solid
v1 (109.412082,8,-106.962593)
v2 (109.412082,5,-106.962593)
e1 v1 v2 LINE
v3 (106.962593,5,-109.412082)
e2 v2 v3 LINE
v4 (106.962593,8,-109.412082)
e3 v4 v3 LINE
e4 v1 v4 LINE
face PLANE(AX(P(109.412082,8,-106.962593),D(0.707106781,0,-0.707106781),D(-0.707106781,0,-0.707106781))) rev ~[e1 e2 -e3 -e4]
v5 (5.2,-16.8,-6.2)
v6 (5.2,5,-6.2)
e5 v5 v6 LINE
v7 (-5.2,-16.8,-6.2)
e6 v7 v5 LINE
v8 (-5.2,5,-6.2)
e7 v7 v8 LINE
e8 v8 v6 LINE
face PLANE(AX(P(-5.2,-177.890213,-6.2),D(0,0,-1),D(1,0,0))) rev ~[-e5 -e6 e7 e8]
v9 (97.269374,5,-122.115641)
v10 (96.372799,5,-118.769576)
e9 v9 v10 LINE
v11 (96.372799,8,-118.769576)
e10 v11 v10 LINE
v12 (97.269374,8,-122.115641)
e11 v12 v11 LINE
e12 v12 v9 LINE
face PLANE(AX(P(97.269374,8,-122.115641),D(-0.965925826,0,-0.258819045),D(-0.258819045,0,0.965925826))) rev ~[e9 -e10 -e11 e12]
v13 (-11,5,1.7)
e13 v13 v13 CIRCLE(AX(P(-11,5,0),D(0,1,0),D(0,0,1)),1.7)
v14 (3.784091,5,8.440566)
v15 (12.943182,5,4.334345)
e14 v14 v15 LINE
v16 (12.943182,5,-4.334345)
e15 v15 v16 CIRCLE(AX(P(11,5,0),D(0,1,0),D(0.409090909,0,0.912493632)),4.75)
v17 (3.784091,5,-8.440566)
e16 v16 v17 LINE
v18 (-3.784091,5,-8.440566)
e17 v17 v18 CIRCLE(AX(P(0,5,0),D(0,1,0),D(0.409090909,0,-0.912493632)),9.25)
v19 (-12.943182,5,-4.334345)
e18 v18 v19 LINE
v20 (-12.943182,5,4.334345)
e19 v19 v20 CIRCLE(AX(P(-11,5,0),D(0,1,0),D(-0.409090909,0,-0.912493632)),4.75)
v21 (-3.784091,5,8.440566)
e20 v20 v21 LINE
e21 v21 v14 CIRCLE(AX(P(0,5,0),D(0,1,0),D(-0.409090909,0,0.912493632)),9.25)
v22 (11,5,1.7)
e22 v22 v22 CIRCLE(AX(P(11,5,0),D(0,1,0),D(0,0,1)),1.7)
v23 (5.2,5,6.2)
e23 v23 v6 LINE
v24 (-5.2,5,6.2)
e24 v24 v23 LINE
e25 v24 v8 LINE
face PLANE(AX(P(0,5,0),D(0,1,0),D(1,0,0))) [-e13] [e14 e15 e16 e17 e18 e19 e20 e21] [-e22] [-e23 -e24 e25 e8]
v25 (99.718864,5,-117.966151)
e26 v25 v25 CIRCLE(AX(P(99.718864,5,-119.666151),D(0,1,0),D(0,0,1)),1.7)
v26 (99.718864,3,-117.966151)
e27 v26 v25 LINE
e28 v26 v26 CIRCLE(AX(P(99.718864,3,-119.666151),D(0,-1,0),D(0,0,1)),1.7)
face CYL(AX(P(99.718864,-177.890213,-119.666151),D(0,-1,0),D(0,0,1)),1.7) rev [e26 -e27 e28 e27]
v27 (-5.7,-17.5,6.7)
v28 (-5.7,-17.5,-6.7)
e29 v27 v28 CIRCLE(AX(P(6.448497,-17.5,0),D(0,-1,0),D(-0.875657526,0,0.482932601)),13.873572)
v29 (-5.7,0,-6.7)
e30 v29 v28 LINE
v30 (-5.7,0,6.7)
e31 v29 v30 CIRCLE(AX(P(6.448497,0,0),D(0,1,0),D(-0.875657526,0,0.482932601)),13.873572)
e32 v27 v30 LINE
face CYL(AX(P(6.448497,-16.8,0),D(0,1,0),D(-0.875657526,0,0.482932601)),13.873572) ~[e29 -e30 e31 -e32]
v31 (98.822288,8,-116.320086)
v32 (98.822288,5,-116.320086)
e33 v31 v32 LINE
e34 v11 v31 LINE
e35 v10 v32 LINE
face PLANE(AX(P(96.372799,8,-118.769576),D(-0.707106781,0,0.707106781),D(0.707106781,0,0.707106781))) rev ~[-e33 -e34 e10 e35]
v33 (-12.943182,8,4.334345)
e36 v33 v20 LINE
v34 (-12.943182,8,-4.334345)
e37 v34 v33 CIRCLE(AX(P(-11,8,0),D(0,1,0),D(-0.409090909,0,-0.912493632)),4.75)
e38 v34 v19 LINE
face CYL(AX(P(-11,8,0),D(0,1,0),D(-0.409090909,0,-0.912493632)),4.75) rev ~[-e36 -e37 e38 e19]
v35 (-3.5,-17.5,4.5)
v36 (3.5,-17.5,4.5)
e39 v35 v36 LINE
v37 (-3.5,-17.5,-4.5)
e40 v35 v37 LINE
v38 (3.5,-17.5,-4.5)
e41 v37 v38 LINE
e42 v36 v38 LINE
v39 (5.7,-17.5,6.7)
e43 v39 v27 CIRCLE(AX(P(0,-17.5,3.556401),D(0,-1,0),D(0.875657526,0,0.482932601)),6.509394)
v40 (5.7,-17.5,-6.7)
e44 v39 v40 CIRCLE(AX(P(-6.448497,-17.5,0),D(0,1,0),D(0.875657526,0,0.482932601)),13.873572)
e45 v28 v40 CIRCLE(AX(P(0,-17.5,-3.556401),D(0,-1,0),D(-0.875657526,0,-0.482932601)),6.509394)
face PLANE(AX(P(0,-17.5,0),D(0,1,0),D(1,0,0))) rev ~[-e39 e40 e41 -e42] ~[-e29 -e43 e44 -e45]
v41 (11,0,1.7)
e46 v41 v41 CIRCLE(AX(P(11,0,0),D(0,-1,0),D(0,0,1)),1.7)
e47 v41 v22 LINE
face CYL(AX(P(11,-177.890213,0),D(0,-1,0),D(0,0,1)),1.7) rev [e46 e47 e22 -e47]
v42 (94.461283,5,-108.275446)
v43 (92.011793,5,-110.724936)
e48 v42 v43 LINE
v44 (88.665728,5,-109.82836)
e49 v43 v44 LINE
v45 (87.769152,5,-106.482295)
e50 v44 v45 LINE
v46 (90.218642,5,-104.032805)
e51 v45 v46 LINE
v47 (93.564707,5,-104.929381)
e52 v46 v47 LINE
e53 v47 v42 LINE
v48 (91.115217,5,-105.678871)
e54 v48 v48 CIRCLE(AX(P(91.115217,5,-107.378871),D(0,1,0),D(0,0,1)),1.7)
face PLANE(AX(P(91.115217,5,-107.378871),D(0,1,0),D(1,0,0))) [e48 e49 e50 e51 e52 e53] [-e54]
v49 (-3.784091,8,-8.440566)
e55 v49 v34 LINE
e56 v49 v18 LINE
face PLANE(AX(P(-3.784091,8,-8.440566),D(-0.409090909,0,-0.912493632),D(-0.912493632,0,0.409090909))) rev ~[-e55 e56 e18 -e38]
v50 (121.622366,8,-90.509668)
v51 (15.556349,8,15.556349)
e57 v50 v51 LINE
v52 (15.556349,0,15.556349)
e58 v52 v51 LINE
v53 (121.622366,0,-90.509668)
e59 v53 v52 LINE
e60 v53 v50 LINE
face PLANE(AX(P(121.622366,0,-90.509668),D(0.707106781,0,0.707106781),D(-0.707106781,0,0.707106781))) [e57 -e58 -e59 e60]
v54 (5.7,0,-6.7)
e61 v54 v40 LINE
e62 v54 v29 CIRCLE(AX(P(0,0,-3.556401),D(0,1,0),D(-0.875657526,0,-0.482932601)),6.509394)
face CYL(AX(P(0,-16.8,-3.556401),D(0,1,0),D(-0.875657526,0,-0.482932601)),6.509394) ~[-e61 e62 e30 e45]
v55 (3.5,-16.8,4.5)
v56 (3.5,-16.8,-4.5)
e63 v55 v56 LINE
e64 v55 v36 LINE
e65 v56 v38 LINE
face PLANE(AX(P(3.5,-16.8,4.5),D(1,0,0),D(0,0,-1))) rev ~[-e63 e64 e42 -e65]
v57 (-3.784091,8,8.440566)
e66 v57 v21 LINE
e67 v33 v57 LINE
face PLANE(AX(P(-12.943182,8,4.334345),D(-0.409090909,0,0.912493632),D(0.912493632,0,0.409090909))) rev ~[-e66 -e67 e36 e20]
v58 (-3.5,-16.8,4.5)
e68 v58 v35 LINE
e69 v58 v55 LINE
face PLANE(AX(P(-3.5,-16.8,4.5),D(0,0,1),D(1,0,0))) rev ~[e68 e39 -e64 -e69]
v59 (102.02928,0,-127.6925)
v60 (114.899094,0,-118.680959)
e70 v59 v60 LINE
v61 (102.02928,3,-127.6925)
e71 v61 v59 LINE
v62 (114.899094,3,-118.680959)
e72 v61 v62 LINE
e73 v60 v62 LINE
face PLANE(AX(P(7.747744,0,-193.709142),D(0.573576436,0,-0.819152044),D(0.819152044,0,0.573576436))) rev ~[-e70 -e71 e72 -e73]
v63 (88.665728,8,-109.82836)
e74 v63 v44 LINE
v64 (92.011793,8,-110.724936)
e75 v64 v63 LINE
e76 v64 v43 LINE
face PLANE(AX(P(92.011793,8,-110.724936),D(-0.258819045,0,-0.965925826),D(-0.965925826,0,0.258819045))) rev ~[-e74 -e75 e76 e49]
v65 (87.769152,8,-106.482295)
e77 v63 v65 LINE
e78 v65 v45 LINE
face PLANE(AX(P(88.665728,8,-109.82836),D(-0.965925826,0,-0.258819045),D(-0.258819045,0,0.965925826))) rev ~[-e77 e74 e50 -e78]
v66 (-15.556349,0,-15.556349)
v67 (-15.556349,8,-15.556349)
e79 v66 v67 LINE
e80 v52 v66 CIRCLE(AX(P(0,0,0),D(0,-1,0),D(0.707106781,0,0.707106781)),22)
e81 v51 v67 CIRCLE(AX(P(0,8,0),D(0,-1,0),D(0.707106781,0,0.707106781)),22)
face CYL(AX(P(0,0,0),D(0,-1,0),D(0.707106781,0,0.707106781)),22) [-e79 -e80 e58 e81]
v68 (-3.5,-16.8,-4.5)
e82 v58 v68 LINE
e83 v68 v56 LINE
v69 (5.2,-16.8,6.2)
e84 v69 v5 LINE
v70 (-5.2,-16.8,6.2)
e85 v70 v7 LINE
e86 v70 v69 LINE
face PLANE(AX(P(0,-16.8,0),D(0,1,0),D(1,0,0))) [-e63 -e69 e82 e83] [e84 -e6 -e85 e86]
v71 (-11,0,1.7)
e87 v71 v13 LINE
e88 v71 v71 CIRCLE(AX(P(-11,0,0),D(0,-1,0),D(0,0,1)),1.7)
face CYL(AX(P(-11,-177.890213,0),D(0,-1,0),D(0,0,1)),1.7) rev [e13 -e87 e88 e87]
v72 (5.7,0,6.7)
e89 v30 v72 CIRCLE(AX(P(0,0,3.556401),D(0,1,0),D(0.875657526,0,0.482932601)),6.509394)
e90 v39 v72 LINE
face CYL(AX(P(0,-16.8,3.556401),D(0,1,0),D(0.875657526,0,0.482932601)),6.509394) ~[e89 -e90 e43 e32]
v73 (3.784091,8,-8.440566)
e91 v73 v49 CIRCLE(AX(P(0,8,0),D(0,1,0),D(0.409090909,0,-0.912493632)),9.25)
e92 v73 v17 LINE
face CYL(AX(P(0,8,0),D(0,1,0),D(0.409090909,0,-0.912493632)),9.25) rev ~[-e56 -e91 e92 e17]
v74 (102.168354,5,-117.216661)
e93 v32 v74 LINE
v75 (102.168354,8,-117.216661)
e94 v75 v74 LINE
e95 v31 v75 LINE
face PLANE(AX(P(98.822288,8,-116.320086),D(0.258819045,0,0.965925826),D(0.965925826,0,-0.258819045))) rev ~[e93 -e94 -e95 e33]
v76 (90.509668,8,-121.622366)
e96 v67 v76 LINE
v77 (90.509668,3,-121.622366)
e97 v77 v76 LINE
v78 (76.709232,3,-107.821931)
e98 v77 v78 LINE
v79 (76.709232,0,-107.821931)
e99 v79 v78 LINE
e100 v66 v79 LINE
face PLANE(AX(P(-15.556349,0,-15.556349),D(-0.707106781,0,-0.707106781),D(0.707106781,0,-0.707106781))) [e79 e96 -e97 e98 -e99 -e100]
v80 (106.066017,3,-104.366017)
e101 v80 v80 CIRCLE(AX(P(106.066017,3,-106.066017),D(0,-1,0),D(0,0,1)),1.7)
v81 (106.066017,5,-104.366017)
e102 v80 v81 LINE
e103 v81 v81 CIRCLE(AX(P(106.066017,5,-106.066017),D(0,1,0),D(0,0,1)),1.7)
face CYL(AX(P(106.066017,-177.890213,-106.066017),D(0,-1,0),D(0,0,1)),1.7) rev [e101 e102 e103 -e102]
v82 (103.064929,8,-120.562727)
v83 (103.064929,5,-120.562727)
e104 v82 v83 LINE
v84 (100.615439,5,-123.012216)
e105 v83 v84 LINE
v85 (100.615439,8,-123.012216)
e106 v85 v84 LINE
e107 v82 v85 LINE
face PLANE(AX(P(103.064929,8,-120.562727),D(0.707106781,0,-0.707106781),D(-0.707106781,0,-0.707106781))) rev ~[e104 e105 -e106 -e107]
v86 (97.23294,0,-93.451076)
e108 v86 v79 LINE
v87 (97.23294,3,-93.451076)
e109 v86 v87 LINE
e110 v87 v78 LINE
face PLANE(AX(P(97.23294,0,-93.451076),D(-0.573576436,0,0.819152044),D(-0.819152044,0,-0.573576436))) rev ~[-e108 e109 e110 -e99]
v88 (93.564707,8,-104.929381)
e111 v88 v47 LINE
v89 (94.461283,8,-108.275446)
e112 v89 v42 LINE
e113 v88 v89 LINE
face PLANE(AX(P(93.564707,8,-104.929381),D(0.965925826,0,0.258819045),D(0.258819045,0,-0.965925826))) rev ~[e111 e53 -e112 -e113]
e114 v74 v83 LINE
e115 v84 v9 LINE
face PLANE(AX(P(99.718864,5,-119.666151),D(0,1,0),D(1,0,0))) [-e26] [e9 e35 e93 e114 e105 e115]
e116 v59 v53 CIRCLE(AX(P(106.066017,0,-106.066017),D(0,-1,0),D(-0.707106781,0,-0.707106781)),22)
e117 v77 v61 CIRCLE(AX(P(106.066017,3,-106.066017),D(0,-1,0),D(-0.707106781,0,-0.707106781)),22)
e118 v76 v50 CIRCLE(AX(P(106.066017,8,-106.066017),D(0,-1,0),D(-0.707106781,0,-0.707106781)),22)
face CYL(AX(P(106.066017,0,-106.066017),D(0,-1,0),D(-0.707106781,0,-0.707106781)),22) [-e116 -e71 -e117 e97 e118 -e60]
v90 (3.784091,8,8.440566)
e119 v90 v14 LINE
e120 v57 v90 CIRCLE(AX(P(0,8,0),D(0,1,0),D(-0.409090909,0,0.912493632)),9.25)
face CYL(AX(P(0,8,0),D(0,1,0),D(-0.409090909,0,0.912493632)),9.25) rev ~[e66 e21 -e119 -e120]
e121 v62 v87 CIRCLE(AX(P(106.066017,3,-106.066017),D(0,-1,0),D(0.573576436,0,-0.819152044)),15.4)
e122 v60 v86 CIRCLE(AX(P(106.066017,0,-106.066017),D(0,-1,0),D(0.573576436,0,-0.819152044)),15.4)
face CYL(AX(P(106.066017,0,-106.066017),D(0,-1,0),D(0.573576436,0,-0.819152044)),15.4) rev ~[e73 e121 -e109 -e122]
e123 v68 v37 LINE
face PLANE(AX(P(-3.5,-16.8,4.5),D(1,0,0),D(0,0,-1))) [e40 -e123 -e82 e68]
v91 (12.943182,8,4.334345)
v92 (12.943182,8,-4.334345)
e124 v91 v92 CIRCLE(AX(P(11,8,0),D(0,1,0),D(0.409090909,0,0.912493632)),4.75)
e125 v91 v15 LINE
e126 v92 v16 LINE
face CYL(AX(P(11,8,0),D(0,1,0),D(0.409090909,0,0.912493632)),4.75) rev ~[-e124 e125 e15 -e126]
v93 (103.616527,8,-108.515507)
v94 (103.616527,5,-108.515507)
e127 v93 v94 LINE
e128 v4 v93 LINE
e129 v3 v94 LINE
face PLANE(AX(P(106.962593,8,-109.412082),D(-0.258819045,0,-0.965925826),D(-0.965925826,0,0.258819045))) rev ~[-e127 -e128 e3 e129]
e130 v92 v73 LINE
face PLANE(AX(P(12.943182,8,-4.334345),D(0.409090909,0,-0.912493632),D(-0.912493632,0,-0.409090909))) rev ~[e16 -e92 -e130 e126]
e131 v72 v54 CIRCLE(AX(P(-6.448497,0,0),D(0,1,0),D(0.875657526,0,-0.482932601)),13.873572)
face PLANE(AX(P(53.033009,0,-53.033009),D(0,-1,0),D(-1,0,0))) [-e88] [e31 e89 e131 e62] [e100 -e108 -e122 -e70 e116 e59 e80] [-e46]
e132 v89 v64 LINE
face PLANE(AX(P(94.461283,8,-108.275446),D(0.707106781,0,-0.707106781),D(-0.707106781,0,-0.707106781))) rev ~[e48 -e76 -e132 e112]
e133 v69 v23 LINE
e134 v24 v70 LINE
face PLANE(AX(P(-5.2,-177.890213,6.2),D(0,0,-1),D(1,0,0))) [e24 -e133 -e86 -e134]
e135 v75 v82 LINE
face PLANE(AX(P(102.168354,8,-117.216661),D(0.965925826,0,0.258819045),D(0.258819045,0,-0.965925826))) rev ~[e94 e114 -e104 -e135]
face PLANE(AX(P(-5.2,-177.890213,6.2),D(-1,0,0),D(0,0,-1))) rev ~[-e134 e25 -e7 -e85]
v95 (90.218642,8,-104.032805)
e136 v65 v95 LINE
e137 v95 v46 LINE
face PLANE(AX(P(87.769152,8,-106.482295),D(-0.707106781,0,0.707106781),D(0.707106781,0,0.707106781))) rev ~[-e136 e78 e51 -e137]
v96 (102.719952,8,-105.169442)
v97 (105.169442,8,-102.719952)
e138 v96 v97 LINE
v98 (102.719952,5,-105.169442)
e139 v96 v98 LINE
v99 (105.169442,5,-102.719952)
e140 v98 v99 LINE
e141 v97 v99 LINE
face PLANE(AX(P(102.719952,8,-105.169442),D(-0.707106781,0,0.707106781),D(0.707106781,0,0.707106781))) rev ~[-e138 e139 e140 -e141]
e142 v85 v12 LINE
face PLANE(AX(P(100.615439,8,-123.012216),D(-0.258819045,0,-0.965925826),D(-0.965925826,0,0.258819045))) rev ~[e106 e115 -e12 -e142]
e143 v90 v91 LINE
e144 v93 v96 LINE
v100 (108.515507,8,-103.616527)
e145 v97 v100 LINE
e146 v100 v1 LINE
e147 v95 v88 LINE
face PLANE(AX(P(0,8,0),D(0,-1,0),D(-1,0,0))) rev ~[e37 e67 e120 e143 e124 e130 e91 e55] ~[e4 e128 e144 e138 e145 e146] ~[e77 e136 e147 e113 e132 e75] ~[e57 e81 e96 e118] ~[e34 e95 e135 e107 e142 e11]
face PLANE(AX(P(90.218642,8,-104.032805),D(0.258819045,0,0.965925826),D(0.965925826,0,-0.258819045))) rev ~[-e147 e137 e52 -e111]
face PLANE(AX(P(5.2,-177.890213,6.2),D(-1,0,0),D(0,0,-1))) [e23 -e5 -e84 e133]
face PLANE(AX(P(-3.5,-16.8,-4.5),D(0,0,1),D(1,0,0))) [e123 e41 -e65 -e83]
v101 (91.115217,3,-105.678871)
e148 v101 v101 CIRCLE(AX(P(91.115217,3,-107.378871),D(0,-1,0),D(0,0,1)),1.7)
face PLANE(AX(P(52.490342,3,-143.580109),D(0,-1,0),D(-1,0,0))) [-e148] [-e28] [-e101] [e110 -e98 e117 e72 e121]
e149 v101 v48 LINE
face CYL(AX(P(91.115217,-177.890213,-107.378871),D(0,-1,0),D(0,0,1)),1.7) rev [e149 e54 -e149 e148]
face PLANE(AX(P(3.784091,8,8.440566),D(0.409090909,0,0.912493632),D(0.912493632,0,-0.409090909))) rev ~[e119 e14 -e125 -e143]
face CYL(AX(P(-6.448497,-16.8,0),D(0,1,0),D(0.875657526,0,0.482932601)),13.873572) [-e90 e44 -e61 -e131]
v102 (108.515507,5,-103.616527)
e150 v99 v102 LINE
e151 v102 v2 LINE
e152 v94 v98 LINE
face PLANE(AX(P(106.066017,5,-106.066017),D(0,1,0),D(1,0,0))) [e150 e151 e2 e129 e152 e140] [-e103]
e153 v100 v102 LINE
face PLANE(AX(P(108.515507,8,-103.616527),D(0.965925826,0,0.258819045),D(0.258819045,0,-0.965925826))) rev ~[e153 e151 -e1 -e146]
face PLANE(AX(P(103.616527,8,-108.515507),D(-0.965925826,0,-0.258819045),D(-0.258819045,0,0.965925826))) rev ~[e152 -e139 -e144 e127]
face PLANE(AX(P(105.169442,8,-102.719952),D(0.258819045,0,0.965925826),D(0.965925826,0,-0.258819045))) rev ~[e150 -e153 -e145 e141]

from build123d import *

# Parameters (mm, degrees)
BOSS_EXTRUDE1_DEPTH     = 8
BOSS_EXTRUDE2_START     = 8
SKETCH1_4_W             = 10.4
SKETCH1_4_H             = 12.4
BOSS_EXTRUDE2_DEPTH     = 24.8
CUT_EXTRUDE3_DEPTH      = 177.890212798
CUT_EXTRUDE3_DEPTH_BACK = 182.890212798
CUT_EXTRUDE3_START      = 5
SKETCH1_6_W             = 10.4
SKETCH1_6_H             = 12.4
SKETCH1_6_R             = 1.7
BOSS_EXTRUDE3_START     = -16.8
SKETCH1_10_W            = 11.4
SKETCH1_10_H            = 13.4
SKETCH1_10_W_2          = 10.4
SKETCH1_10_H_2          = 12.4
SKETCH1_10_W_3          = 7
SKETCH1_10_H_3          = 9
BOSS_EXTRUDE3_DEPTH     = 0.7
SKETCH2_R               = 1.7
SKETCH2_W               = 10.4
SKETCH2_H               = 12.4
CUT_EXTRUDE7_DEPTH      = 3
CUT_EXTRUDE5_START      = 8
SKETCH1_8_R             = 1.7
CUT_EXTRUDE5_DEPTH      = 3
CUT_EXTRUDE6_DEPTH      = 3


with BuildPart() as part:
    # Sketch1 → Boss-Extrude1 (new body)
    with BuildSketch(Plane(origin=(0, 0, 0), x_dir=(1, 0, 0), z_dir=(0, 1, 0))):
        with BuildLine():
            Line((-15.556349186, 15.556349186), (90.509667992, 121.622366364))
            ThreePointArc((90.509667992, 121.622366364), (121.622366364, 121.622366364), (121.622366364, 90.509667992))
            Line((121.622366364, 90.509667992), (15.556349186, -15.556349186))
            ThreePointArc((15.556349186, -15.556349186), (-15.556349186, -15.556349186), (-15.556349186, 15.556349186))
        make_face()
    extrude(amount=BOSS_EXTRUDE1_DEPTH)

    # Sketch1<4> → Boss-Extrude2 (add)
    with BuildSketch(Plane(origin=(0, 0, 0), x_dir=(1, 0, 0), z_dir=(0, 1, 0)).offset(BOSS_EXTRUDE2_START)):
        with BuildLine():
            ThreePointArc((-5.7, 6.7), (0, 10.065795515), (5.7, 6.7))
            ThreePointArc((5.7, 6.7), (7.425074212, 0), (5.7, -6.7))
            ThreePointArc((5.7, -6.7), (0, -10.065795515), (-5.7, -6.7))
            ThreePointArc((-5.7, -6.7), (-7.425074212, 0), (-5.7, 6.7))
        make_face()
        Rectangle(SKETCH1_4_W, SKETCH1_4_H, mode=Mode.SUBTRACT)
    extrude(amount=-BOSS_EXTRUDE2_DEPTH)

    # Sketch1<6> → Cut-Extrude3 (cut, two sides: drawn at the far end of the back side and taken through both)
    with BuildSketch(Plane(origin=(0, 0, 0), x_dir=(1, 0, 0), z_dir=(0, 1, 0)).offset(CUT_EXTRUDE3_START - CUT_EXTRUDE3_DEPTH_BACK)):
        Rectangle(SKETCH1_6_W, SKETCH1_6_H)
        with Locations(Location((106.066017178, 106.066017178, 0), (0, 0, 270))):
            Circle(SKETCH1_6_R)
        with Locations(Location((99.718863875, 119.666151183, 0), (0, 0, 270))):
            Circle(SKETCH1_6_R)
        with Locations(Location((91.11521733, 107.378870518, 0), (0, 0, 270))):
            Circle(SKETCH1_6_R)
        with Locations(Location((11, 0, 0), (0, 0, 270))):
            Circle(SKETCH1_6_R)
        with Locations(Location((-11, 0, 0), (0, 0, 270))):
            Circle(SKETCH1_6_R)
    extrude(amount=CUT_EXTRUDE3_DEPTH + CUT_EXTRUDE3_DEPTH_BACK, mode=Mode.SUBTRACT)

    # Sketch1<10> → Boss-Extrude3 (add)
    # profile 1 of 6: a face of its own
    with BuildSketch(Plane(origin=(0, 0, 0), x_dir=(1, 0, 0), z_dir=(0, 1, 0)).offset(BOSS_EXTRUDE3_START)):
        Rectangle(SKETCH1_10_W, SKETCH1_10_H)
        Rectangle(SKETCH1_10_W_2, SKETCH1_10_H_2, mode=Mode.SUBTRACT)
    # profile 2 of 6: a face of its own
    with BuildSketch(Plane(origin=(0, 0, 0), x_dir=(1, 0, 0), z_dir=(0, 1, 0)).offset(BOSS_EXTRUDE3_START)):
        Rectangle(SKETCH1_10_W_2, SKETCH1_10_H_2)
        Rectangle(SKETCH1_10_W_3, SKETCH1_10_H_3, mode=Mode.SUBTRACT)
    # profile 3 of 6: a face of its own
    with BuildSketch(Plane(origin=(0, 0, 0), x_dir=(1, 0, 0), z_dir=(0, 1, 0)).offset(BOSS_EXTRUDE3_START)):
        with BuildLine():
            ThreePointArc((-5.7, 6.7), (0, 10.065795515), (5.7, 6.7))
            Line((5.7, 6.7), (-5.7, 6.7))
        make_face()
    # profile 4 of 6: a face of its own
    with BuildSketch(Plane(origin=(0, 0, 0), x_dir=(1, 0, 0), z_dir=(0, 1, 0)).offset(BOSS_EXTRUDE3_START)):
        with BuildLine():
            Line((5.7, 6.7), (5.7, -6.7))
            ThreePointArc((5.7, -6.7), (7.425074212, 0), (5.7, 6.7))
        make_face()
    # profile 5 of 6: a face of its own
    with BuildSketch(Plane(origin=(0, 0, 0), x_dir=(1, 0, 0), z_dir=(0, 1, 0)).offset(BOSS_EXTRUDE3_START)):
        with BuildLine():
            Line((-5.7, -6.7), (5.7, -6.7))
            ThreePointArc((5.7, -6.7), (0, -10.065795515), (-5.7, -6.7))
        make_face()
    # profile 6 of 6: a face of its own
    with BuildSketch(Plane(origin=(0, 0, 0), x_dir=(1, 0, 0), z_dir=(0, 1, 0)).offset(BOSS_EXTRUDE3_START)):
        with BuildLine():
            Line((-5.7, 6.7), (-5.7, -6.7))
            ThreePointArc((-5.7, -6.7), (-7.425074212, 0), (-5.7, 6.7))
        make_face()
    extrude(amount=-BOSS_EXTRUDE3_DEPTH)

    # Sketch2 → Cut-Extrude7 (cut)
    with BuildSketch(Plane(origin=(0, 8, 0), x_dir=(1, 0, 0), z_dir=(0, 1, 0))):
        with BuildLine():
            ThreePointArc((-3.784090909, -8.440566094), (0, -9.25), (3.784090909, -8.440566094))
            Line((3.784090909, -8.440566094), (12.943181818, -4.334344751))
            ThreePointArc((12.943181818, -4.334344751), (15.75, 0), (12.943181818, 4.334344751))
            Line((12.943181818, 4.334344751), (3.784090909, 8.440566094))
            ThreePointArc((3.784090909, 8.440566094), (0, 9.25), (-3.784090909, 8.440566094))
            Line((-3.784090909, 8.440566094), (-12.943181818, 4.334344751))
            ThreePointArc((-12.943181818, 4.334344751), (-15.75, 0), (-12.943181818, -4.334344751))
            Line((-12.943181818, -4.334344751), (-3.784090909, -8.440566094))
        make_face()
        with Locations(Location((-11, 0, 0), (0, 0, 270))):
            Circle(SKETCH2_R, mode=Mode.SUBTRACT)
        Rectangle(SKETCH2_W, SKETCH2_H, mode=Mode.SUBTRACT)
        with Locations(Location((11, 0, 0), (0, 0, 270))):
            Circle(SKETCH2_R, mode=Mode.SUBTRACT)
    extrude(amount=-CUT_EXTRUDE7_DEPTH, mode=Mode.SUBTRACT)

    # Sketch1<8> → Cut-Extrude5 (cut)
    # profile 1 of 3: a face of its own
    with BuildSketch(Plane(origin=(0, 0, 0), x_dir=(1, 0, 0), z_dir=(0, 1, 0)).offset(CUT_EXTRUDE5_START)):
        Polygon((102.168353618, 117.21666144), (103.06492909, 120.562726655), (100.615439347, 123.012216398), (97.269374132, 122.115640925), (96.37279866, 118.769575711), (98.822288403, 116.320085968), align=None)
        with Locations(Location((99.718863875, 119.666151183, 0), (0, 0, 270))):
            Circle(SKETCH1_8_R, mode=Mode.SUBTRACT)
    # profile 2 of 3: a face of its own
    with BuildSketch(Plane(origin=(0, 0, 0), x_dir=(1, 0, 0), z_dir=(0, 1, 0)).offset(CUT_EXTRUDE5_START)):
        Polygon((88.665727587, 109.828360261), (87.769152115, 106.482295046), (90.218641857, 104.032805303), (93.564707072, 104.929380776), (94.461282545, 108.275445991), (92.011792802, 110.724935733), align=None)
        with Locations(Location((91.11521733, 107.378870518, 0), (0, 0, 270))):
            Circle(SKETCH1_8_R, mode=Mode.SUBTRACT)
    # profile 3 of 3: a face of its own
    with BuildSketch(Plane(origin=(0, 0, 0), x_dir=(1, 0, 0), z_dir=(0, 1, 0)).offset(CUT_EXTRUDE5_START)):
        Polygon((108.515506921, 103.616527435), (109.412082393, 106.96259265), (106.96259265, 109.412082393), (103.616527435, 108.515506921), (102.719951963, 105.169441706), (105.169441706, 102.719951963), align=None)
        with Locations(Location((106.066017178, 106.066017178, 0), (0, 0, 270))):
            Circle(SKETCH1_8_R, mode=Mode.SUBTRACT)
    extrude(amount=-CUT_EXTRUDE5_DEPTH, mode=Mode.SUBTRACT)

    # Sketch1<9> → Cut-Extrude6 (cut)
    with BuildSketch(Plane(origin=(0, 0, 0), x_dir=(1, 0, 0), z_dir=(0, 1, 0))):
        with BuildLine():
            Line((97.232940058, 93.451075696), (-9.918409797, 168.479258594))
            ThreePointArc((-9.918409797, 168.479258594), (-13.700274159, 189.927277196), (7.747744443, 193.709141558))
            Line((7.747744443, 193.709141558), (114.899094298, 118.68095866))
            ThreePointArc((114.899094298, 118.68095866), (118.68095866, 97.232940058), (97.232940058, 93.451075696))
        make_face()
    extrude(amount=CUT_EXTRUDE6_DEPTH, mode=Mode.SUBTRACT)


solid = part.part
